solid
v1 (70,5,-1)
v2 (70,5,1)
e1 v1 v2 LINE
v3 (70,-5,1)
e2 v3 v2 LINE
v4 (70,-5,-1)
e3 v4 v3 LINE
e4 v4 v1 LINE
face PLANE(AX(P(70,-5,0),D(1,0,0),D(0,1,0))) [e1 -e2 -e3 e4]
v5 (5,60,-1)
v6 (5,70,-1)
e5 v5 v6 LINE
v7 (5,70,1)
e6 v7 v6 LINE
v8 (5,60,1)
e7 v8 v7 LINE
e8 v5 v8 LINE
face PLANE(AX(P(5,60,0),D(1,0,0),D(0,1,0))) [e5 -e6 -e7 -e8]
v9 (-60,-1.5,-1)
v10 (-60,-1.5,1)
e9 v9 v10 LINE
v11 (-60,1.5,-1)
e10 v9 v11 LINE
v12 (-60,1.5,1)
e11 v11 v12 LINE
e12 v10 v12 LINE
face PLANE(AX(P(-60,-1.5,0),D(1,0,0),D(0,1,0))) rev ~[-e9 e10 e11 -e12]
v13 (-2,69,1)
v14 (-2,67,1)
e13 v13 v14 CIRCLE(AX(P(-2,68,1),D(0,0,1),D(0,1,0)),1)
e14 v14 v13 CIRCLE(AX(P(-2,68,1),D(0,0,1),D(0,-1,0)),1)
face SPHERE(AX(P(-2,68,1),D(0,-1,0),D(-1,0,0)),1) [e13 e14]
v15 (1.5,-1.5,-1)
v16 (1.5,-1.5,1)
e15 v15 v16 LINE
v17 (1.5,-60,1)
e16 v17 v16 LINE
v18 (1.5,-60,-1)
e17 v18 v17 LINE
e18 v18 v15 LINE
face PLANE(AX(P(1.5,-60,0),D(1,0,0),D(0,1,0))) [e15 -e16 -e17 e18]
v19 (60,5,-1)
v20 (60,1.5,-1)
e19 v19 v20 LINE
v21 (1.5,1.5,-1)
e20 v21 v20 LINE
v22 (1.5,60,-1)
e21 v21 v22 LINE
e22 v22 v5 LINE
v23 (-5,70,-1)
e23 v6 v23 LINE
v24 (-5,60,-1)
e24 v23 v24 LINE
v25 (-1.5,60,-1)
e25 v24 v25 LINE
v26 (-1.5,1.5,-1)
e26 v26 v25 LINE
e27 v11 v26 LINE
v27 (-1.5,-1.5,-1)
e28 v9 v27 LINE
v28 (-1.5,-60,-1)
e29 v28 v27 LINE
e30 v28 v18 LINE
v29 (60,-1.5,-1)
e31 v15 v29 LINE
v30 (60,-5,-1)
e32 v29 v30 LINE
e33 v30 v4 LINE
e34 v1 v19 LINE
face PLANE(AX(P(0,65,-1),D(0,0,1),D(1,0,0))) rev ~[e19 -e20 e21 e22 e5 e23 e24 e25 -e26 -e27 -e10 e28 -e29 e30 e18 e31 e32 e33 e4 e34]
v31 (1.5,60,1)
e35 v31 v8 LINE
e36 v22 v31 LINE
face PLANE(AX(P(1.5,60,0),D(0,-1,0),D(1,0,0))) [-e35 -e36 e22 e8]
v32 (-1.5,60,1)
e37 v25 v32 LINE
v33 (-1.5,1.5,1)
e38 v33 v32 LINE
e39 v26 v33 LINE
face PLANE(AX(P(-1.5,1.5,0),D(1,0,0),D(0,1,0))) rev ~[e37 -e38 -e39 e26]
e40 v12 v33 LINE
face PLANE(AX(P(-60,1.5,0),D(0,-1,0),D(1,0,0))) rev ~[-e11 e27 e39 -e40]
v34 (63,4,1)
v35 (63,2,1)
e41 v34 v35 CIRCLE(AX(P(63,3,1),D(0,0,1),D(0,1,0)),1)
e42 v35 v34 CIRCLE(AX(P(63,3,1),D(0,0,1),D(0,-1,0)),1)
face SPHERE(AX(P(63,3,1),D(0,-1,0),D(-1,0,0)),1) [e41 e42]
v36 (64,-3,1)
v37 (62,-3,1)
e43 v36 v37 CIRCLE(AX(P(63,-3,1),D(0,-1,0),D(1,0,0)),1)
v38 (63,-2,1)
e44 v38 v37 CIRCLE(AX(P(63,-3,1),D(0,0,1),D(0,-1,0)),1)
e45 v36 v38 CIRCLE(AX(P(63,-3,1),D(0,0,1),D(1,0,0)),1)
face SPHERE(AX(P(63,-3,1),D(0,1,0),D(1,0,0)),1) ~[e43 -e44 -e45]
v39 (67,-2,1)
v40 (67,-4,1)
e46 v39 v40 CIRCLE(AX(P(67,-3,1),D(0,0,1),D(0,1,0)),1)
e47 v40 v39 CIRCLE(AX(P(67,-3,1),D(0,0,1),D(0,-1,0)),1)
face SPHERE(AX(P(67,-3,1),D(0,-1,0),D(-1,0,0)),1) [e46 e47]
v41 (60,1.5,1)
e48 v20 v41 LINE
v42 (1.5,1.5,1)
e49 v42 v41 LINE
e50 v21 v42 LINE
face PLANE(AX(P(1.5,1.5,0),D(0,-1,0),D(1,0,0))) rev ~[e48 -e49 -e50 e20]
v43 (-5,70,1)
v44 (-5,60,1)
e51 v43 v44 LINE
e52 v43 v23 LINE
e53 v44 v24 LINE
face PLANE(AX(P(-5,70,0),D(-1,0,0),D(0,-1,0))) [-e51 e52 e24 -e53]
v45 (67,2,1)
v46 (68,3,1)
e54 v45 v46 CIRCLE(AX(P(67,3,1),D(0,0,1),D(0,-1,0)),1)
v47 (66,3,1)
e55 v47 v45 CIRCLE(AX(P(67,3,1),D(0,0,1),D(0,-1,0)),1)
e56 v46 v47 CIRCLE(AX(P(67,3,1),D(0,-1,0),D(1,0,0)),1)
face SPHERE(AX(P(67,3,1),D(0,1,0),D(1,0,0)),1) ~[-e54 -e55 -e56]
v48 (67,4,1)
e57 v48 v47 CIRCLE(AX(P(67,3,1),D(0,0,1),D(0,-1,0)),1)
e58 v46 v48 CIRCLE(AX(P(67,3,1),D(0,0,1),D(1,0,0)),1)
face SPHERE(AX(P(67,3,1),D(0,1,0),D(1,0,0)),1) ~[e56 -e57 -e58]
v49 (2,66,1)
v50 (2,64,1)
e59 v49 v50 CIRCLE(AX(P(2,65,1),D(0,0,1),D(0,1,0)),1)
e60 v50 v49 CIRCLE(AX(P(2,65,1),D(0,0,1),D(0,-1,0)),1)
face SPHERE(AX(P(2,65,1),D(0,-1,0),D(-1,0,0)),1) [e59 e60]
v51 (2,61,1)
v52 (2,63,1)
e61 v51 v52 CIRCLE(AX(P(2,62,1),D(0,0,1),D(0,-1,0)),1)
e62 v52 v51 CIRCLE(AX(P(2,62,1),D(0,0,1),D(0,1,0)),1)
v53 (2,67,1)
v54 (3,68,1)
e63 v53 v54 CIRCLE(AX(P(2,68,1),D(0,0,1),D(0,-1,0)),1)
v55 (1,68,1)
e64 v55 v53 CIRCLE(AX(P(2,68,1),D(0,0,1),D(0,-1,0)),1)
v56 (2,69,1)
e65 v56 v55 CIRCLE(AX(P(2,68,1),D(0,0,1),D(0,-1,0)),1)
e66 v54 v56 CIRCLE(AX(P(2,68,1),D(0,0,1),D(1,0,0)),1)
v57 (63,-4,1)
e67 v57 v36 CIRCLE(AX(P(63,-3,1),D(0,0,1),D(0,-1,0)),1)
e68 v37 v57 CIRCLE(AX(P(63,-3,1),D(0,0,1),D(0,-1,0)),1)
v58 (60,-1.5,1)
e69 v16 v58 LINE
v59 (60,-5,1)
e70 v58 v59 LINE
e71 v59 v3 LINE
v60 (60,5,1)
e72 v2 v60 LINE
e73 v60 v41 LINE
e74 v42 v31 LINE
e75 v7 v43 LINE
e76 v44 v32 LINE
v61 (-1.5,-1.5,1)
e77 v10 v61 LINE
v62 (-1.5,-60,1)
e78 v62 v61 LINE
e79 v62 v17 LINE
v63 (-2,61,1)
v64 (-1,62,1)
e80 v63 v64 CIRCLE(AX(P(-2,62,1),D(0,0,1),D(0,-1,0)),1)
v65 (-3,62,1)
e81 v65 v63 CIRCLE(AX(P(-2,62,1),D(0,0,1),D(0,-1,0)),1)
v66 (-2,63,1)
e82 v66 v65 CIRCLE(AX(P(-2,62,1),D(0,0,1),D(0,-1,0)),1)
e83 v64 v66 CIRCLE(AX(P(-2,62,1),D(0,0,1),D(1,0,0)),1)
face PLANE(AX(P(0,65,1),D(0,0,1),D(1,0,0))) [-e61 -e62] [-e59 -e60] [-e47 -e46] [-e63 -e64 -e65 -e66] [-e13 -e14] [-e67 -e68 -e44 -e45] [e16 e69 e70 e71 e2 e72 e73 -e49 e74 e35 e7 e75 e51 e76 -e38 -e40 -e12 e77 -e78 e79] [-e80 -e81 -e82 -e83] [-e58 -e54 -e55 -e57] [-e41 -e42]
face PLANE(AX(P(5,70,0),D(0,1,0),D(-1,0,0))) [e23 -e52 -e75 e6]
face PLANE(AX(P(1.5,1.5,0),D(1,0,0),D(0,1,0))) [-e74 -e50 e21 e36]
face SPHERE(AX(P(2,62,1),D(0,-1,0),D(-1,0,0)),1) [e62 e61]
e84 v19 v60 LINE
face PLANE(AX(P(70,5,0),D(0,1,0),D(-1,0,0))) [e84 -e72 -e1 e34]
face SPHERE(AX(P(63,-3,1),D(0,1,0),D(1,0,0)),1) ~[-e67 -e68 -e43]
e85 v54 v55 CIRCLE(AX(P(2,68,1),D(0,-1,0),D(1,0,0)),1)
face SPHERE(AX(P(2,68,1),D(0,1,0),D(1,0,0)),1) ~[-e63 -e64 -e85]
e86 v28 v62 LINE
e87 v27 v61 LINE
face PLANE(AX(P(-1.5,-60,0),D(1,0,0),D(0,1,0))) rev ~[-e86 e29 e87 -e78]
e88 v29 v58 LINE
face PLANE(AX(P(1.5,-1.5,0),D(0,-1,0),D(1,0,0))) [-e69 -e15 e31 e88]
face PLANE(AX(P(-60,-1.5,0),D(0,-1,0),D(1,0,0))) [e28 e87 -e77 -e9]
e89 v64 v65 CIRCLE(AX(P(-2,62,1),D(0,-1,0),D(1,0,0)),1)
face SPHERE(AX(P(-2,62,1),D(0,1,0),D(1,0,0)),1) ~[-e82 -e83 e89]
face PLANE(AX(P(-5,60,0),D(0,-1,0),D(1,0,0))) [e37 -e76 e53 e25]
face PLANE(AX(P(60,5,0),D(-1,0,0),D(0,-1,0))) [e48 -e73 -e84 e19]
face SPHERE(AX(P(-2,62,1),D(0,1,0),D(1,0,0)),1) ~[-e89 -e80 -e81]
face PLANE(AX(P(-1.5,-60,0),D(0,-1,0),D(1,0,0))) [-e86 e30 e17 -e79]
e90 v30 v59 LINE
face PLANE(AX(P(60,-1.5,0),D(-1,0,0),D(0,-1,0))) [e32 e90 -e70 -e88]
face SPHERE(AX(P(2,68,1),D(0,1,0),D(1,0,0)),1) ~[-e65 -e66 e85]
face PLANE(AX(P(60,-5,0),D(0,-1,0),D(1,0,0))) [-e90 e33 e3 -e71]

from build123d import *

# Parameters (mm, degrees)
F0_W     = 3
F0_H     = 58.5
F0_W_2   = 58.5
F0_H_2   = 3
F1_DEPTH = 1


with BuildPart() as f1:
    # F0 (on Top) → F1 (new body, symmetric)
    with BuildSketch(Plane.XY):
        Polygon((-5, 60), (-1.5, 60), (1.5, 60), (5, 60), (5, 70), (-5, 70), align=None)
        with BuildLine():
            ThreePointArc((-2, 61), (-3, 62), (-2, 63))
            ThreePointArc((-2, 63), (-1.2928932188, 62.7071067812), (-1, 62))
            ThreePointArc((-1, 62), (-1.2928932188, 61.2928932188), (-2, 61))
        make_face(mode=Mode.SUBTRACT)
        with BuildLine():
            ThreePointArc((2, 61), (1, 62), (2, 63))
            ThreePointArc((2, 63), (2.7071067812, 62.7071067812), (3, 62))
            ThreePointArc((3, 62), (2.7071067812, 61.2928932188), (2, 61))
        make_face(mode=Mode.SUBTRACT)
        with BuildLine():
            ThreePointArc((2, 64), (1, 65), (2, 66))
            ThreePointArc((2, 66), (2.7071067812, 65.7071067812), (3, 65))
            ThreePointArc((3, 65), (2.7071067812, 64.2928932188), (2, 64))
        make_face(mode=Mode.SUBTRACT)
        with BuildLine():
            ThreePointArc((-2, 69), (-1.2928932188, 68.7071067812), (-1, 68))
            ThreePointArc((-1, 68), (-1.2928932188, 67.2928932188), (-2, 67))
            ThreePointArc((-2, 67), (-3, 68), (-2, 69))
        make_face(mode=Mode.SUBTRACT)
        with BuildLine():
            ThreePointArc((2, 69), (2.7071067812, 68.7071067812), (3, 68))
            ThreePointArc((3, 68), (2.7071067812, 67.2928932188), (2, 67))
            ThreePointArc((2, 67), (1, 68), (2, 69))
        make_face(mode=Mode.SUBTRACT)
        with Locations((0, 30.75)):
            Rectangle(F0_W, F0_H)
        with Locations((30.75, 0)):
            Rectangle(F0_W_2, F0_H_2)
        with Locations((-30.75, 0)):
            Rectangle(F0_W_2, F0_H_2)
        Polygon((60, 5), (60, 1.5), (60, -1.5), (60, -5), (63.5, -5), (66.5, -5), (70, -5), (70, 5), align=None)
        with Locations((0, -30.75)):
            Rectangle(F0_W, F0_H)
        Rectangle(F0_W, F0_H_2)
        with BuildLine():
            ThreePointArc((-1, 62), (-1.2928932188, 62.7071067812), (-2, 63))
            Line((-2, 63), (-2, 61))
            ThreePointArc((-2, 61), (-1.2928932188, 61.2928932188), (-1, 62))
        make_face()
        with BuildLine():
            Line((-2, 61), (-2, 63))
            ThreePointArc((-2, 63), (-3, 62), (-2, 61))
        make_face()
        with BuildLine():
            ThreePointArc((3, 62), (2.7071067812, 62.7071067812), (2, 63))
            Line((2, 63), (2, 61))
            ThreePointArc((2, 61), (2.7071067812, 61.2928932188), (3, 62))
        make_face()
        with BuildLine():
            Line((2, 61), (2, 63))
            ThreePointArc((2, 63), (1, 62), (2, 61))
        make_face()
        with BuildLine():
            Line((-2, 67), (-2, 69))
            ThreePointArc((-2, 69), (-3, 68), (-2, 67))
        make_face()
        with BuildLine():
            ThreePointArc((-2, 67), (-1.2928932188, 67.2928932188), (-1, 68))
            ThreePointArc((-1, 68), (-1.2928932188, 68.7071067812), (-2, 69))
            Line((-2, 69), (-2, 67))
        make_face()
        with BuildLine():
            ThreePointArc((3, 65), (2.7071067812, 65.7071067812), (2, 66))
            Line((2, 66), (2, 64))
            ThreePointArc((2, 64), (2.7071067812, 64.2928932188), (3, 65))
        make_face()
        with BuildLine():
            Line((2, 64), (2, 66))
            ThreePointArc((2, 66), (1, 65), (2, 64))
        make_face()
        with BuildLine():
            Line((2, 67), (2, 69))
            ThreePointArc((2, 69), (1, 68), (2, 67))
        make_face()
        with BuildLine():
            ThreePointArc((2, 67), (2.7071067812, 67.2928932188), (3, 68))
            ThreePointArc((3, 68), (2.7071067812, 68.7071067812), (2, 69))
            Line((2, 69), (2, 67))
        make_face()
    extrude(amount=F1_DEPTH, both=True)

    # F2 (on face) → F3 (revolve)
    with BuildSketch(Plane.XY.offset(1)):
        with BuildLine():
            Line((-2.000000095, 67), (-2.000000095, 69))
            ThreePointArc((-2.000000095, 69), (-3.000000095, 68), (-2.000000095, 67))
        make_face()
        with BuildLine():
            ThreePointArc((-1.000000095, 62), (-1.2928933138, 62.7071067812), (-2.000000095, 63))
            Line((-2.000000095, 63), (-2.000000095, 61))
            ThreePointArc((-2.000000095, 61), (-1.2928933138, 61.2928932188), (-1.000000095, 62))
        make_face()
    revolve(axis=Axis((-2.000000095, 65, 1), (0, -1, 0)))

    # F2 (on face) → F4 (revolve)
    with BuildSketch(Plane.XY.offset(1)):
        with BuildLine():
            ThreePointArc((1.999999905, 67), (2.7071066862, 67.2928932188), (2.999999905, 68))
            ThreePointArc((2.999999905, 68), (2.7071066862, 68.7071067812), (1.999999905, 69))
            Line((1.999999905, 69), (1.999999905, 67))
        make_face()
        with BuildLine():
            Line((1.999999905, 64), (1.999999905, 66))
            ThreePointArc((1.999999905, 66), (0.999999905, 65), (1.999999905, 64))
        make_face()
        with BuildLine():
            Line((1.999999905, 61), (1.999999905, 63))
            ThreePointArc((1.999999905, 63), (0.999999905, 62), (1.999999905, 61))
        make_face()
    revolve(axis=Axis((1.999999905, 65, 1), (0, -1, 0)))

    # F2 (on face) → F5 (revolve)
    with BuildSketch(Plane.XY.offset(1)):
        with BuildLine():
            Line((63, 2), (63, 4))
            ThreePointArc((63, 4), (62, 3), (63, 2))
        make_face()
        with BuildLine():
            ThreePointArc((64, -3), (63.7071067812, -2.2928932188), (63, -2))
            Line((63, -2), (63, -4))
            ThreePointArc((63, -4), (63.7071067812, -3.7071067812), (64, -3))
        make_face()
    revolve(axis=Axis((63, 0, 1), (0, -1, 0)))

    # F2 (on face) → F6 (revolve)
    with BuildSketch(Plane.XY.offset(1)):
        with BuildLine():
            ThreePointArc((67, 2), (67.7071067812, 2.2928932188), (68, 3))
            ThreePointArc((68, 3), (67.7071067812, 3.7071067812), (67, 4))
            Line((67, 4), (67, 2))
        make_face()
        with BuildLine():
            Line((67, -4), (67, -2))
            ThreePointArc((67, -2), (66, -3), (67, -4))
        make_face()
    revolve(axis=Axis((67, 0, 1), (0, -1, 0)))


solid = f1.part
